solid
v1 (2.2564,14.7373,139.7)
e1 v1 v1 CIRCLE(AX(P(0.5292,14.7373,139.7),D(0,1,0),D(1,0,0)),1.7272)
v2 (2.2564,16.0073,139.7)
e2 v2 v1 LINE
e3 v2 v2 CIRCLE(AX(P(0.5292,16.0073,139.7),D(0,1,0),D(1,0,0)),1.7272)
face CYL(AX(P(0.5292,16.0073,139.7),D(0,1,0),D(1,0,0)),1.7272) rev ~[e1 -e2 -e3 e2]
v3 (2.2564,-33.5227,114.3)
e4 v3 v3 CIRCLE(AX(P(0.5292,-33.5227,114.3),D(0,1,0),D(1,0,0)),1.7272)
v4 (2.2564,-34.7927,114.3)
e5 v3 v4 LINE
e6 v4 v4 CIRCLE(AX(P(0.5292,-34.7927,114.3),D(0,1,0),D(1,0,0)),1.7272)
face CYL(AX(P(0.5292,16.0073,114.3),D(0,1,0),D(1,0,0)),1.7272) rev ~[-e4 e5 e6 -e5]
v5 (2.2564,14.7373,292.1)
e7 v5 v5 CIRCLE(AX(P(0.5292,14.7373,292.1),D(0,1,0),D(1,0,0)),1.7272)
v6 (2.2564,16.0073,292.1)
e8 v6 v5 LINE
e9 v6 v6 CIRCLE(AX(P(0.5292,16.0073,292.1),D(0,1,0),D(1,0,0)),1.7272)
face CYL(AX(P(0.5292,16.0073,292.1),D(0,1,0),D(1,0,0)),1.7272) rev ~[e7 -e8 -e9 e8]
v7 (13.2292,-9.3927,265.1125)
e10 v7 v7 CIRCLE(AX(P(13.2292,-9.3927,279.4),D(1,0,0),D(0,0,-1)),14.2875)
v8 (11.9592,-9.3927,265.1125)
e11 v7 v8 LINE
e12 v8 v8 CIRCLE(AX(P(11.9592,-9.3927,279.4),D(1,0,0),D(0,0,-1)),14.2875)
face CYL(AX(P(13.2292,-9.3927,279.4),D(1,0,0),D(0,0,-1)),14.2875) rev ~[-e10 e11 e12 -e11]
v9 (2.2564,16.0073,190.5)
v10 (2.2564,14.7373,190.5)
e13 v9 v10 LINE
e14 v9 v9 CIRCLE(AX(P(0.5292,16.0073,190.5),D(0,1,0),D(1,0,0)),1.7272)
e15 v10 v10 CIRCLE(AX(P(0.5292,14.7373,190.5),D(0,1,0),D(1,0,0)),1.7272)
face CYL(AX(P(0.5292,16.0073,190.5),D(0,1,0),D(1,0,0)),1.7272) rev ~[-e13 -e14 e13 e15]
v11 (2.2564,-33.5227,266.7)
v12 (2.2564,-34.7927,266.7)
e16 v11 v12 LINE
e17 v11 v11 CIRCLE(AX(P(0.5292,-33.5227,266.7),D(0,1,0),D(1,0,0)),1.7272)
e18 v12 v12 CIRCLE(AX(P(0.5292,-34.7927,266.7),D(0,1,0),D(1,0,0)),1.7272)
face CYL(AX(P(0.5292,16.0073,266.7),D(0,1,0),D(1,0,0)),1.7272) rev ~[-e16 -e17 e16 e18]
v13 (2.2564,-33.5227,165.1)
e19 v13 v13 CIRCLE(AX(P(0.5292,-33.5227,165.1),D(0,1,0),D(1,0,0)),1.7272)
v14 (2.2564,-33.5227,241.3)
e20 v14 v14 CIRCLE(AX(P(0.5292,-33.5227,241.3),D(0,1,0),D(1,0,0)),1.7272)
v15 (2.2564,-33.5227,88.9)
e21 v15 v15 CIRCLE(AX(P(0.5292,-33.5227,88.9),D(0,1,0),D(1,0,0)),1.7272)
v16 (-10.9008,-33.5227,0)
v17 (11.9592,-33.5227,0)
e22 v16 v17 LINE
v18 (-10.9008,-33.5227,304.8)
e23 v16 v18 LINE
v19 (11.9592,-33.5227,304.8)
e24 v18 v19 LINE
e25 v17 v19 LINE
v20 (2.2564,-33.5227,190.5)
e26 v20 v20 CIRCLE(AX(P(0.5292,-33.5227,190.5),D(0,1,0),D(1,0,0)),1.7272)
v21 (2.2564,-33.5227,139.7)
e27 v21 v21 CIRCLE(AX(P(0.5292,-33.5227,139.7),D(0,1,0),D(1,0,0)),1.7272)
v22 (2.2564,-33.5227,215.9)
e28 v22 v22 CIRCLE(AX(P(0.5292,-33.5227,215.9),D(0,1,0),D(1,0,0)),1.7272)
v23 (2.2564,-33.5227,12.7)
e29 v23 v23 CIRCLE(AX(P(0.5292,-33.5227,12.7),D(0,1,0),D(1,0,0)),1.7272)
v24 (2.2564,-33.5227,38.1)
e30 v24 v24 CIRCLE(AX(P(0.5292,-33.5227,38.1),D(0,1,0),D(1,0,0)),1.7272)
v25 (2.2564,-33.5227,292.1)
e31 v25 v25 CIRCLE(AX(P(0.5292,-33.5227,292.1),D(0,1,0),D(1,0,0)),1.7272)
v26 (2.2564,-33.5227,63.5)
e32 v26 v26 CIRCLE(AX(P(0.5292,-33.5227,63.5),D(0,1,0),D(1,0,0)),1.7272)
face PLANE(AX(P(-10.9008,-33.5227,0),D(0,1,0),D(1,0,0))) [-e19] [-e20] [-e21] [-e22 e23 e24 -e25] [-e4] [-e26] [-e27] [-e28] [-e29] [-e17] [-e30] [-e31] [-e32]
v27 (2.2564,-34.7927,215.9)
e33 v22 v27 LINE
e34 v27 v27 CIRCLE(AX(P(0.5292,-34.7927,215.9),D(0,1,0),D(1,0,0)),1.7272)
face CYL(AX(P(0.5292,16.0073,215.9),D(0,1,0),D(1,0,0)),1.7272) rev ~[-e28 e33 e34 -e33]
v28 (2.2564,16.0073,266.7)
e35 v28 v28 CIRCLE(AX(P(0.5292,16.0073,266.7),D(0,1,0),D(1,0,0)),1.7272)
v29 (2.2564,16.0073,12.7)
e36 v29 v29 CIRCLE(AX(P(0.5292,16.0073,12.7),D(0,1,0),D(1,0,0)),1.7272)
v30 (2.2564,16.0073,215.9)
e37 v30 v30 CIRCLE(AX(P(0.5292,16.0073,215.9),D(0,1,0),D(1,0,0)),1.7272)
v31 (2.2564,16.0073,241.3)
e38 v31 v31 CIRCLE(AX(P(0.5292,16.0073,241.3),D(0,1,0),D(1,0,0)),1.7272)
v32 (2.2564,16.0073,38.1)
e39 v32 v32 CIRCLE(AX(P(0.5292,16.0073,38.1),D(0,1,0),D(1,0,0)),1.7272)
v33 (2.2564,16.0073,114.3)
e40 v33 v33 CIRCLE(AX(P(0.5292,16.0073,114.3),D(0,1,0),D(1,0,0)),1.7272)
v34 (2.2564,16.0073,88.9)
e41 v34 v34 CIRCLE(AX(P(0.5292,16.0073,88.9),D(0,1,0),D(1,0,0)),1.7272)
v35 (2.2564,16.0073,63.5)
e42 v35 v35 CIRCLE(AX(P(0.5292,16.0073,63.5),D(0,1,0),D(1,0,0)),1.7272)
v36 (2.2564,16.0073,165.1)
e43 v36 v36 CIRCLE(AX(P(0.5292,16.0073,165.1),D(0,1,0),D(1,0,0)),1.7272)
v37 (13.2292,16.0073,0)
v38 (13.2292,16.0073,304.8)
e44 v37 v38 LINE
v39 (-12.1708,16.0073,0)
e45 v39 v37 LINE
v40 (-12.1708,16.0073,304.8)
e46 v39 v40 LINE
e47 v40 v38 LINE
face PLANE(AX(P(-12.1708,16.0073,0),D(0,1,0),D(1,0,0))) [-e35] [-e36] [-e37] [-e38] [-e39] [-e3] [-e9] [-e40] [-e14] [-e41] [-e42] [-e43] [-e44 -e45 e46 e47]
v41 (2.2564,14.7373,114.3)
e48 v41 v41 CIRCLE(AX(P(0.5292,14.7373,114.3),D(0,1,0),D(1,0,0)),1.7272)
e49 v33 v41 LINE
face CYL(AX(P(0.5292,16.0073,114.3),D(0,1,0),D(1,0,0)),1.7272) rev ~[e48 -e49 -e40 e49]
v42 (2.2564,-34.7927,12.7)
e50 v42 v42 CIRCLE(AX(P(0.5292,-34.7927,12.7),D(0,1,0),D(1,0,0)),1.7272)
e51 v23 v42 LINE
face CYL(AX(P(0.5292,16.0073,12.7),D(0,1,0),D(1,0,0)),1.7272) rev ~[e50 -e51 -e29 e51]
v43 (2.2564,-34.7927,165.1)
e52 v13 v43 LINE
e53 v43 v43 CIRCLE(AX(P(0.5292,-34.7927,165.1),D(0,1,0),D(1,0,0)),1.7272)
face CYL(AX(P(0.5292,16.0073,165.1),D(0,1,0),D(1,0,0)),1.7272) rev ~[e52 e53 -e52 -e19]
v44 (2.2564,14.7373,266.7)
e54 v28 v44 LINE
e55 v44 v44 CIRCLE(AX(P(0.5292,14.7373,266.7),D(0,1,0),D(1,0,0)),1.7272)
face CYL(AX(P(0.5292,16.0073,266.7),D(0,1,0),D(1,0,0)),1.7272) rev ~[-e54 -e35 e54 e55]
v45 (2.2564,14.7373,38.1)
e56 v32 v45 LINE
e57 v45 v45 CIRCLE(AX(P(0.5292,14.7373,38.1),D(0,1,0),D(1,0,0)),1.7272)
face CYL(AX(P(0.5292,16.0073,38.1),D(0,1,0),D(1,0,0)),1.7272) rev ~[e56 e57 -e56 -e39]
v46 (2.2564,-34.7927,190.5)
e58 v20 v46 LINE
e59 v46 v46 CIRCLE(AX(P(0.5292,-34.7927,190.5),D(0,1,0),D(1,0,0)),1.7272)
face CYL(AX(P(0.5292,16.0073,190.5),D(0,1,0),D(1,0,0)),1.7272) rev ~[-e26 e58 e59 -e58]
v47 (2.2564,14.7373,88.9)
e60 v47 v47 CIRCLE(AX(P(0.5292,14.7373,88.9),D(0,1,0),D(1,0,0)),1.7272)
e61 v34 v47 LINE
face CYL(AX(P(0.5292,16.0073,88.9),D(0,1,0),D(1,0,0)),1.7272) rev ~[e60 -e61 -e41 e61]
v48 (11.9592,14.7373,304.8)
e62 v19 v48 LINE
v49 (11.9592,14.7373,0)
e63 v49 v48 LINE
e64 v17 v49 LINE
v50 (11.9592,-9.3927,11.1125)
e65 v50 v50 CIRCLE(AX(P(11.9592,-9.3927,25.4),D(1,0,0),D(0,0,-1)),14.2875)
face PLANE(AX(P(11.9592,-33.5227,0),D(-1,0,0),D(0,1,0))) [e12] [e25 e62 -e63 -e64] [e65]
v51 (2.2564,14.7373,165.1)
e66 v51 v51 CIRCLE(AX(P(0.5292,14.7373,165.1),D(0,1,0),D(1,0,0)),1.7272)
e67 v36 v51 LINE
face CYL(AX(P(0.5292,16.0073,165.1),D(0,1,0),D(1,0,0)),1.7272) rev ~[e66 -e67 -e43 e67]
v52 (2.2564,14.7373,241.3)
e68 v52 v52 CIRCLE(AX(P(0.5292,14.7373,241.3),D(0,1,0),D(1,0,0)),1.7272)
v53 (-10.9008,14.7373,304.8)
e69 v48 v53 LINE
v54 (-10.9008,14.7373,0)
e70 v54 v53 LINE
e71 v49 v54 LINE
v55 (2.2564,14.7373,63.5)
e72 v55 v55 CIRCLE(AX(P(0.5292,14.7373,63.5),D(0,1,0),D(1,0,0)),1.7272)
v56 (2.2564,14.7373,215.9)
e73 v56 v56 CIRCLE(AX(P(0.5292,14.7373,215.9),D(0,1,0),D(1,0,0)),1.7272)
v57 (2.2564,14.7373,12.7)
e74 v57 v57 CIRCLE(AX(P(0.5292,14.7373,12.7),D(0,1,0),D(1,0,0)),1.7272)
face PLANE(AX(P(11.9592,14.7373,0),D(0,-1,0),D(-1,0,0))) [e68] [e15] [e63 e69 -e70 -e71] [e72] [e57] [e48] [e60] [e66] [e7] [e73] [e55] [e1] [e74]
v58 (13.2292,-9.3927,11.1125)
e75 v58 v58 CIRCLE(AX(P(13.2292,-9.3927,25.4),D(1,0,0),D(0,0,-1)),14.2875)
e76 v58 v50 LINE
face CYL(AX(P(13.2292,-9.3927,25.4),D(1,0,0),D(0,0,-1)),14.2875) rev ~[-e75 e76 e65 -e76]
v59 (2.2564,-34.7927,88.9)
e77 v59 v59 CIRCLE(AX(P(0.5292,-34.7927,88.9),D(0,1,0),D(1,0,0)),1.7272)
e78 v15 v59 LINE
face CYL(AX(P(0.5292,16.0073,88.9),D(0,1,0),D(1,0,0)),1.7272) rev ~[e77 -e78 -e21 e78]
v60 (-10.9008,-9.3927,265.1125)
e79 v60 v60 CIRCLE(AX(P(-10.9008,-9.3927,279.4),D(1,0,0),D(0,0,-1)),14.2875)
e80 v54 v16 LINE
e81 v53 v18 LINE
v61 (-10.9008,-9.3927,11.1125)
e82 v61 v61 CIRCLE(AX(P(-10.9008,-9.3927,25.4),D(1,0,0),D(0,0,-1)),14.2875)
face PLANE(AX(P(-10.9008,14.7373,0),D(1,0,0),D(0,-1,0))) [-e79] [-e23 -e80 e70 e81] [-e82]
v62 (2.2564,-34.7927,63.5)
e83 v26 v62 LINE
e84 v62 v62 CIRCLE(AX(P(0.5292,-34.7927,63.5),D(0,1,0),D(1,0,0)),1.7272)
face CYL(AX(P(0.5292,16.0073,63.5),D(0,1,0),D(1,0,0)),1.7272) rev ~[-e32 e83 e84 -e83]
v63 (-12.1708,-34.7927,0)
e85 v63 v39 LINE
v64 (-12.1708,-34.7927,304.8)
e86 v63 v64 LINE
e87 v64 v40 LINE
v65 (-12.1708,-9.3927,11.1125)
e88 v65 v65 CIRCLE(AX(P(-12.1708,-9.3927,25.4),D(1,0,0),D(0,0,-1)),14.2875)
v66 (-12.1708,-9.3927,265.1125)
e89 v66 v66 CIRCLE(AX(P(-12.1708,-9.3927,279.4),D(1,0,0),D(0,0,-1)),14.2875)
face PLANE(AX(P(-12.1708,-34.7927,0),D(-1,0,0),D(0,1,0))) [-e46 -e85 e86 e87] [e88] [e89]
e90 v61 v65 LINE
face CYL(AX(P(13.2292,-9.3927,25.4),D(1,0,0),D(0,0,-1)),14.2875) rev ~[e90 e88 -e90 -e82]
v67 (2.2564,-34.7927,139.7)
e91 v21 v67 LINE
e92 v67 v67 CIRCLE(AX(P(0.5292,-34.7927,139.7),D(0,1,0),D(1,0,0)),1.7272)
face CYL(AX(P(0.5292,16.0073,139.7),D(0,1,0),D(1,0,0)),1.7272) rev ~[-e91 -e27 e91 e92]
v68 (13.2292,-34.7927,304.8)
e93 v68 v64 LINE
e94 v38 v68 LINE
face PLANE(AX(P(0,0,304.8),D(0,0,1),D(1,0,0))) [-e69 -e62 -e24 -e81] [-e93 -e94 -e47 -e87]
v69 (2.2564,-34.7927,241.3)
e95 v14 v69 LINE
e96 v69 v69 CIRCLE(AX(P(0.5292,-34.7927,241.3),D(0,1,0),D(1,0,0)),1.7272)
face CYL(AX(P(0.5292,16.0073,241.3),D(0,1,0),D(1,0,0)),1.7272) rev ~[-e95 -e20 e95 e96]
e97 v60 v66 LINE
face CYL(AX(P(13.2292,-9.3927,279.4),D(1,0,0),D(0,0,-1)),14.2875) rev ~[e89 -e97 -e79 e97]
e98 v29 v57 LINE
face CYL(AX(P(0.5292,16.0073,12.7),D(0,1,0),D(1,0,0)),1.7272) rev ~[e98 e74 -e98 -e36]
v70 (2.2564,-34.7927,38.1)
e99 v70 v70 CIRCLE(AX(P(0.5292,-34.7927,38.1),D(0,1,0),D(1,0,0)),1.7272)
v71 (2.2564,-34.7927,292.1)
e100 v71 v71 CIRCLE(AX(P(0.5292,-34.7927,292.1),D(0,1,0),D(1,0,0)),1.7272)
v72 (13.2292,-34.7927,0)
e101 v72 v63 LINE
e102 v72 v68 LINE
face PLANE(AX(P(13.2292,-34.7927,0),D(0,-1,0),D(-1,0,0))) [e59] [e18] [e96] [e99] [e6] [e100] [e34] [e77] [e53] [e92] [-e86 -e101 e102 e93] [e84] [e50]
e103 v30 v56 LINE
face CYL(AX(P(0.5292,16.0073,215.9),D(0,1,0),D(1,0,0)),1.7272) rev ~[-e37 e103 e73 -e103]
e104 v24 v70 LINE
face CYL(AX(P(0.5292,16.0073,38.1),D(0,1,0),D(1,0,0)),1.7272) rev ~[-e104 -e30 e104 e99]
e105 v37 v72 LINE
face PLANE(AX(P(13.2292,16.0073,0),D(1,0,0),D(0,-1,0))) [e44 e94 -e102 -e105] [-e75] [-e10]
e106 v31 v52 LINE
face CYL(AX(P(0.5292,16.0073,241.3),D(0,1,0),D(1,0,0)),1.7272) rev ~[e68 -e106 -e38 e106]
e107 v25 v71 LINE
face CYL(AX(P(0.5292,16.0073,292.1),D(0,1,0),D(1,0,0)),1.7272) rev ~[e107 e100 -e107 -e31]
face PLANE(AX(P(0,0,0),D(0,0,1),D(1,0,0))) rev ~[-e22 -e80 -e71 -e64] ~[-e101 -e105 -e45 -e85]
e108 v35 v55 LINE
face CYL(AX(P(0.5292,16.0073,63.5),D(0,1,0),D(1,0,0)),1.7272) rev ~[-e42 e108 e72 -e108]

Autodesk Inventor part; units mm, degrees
ref_plane "YZ Plane" through (0, 0, 0) normal (1, 0, 0) x (0, 1, 0)
ref_plane "XZ Plane" through (0, 0, 0) normal (0, 1, 0) x (-1, 0, 0)
ref_plane "XY Plane" through (0, 0, 0) normal (0, 0, 1) x (1, 0, 0)
sketch "Sketch1" plane through (0, 0, 0) normal (0, 0, 1) x (1, 0, 0)
  line L0 (-12.1708, 16.0073) -> (13.2292, 16.0073)
  line L1 (13.2292, 16.0073) -> (13.2292, -34.7927)
  line L2 (13.2292, -34.7927) -> (-12.1708, -34.7927)
  line L3 (-12.1708, -34.7927) -> (-12.1708, 16.0073)
  line L4 (11.9592, 14.7373) -> (-10.9008, 14.7373)
  line L5 (-10.9008, 14.7373) -> (-10.9008, -33.5227)
  line L6 (-10.9008, -33.5227) -> (11.9592, -33.5227)
  line L7 (11.9592, -33.5227) -> (11.9592, 14.7373)
  point P0 (0, 0)
  dimension "d0" = 25.4
  dimension "d1" = 50.8
  dimension "d2" = 1.27
extrude "Extrusion1" add sketch "Sketch1" along normal blind 304.8
sketch "Sketch2" plane through (-12.1708, 16.0073, 0) normal (0, 1, 0) x (1, 0, 0)
  circle A0 centre (12.7, -12.7) radius 1.7272
  line L0 (25.4, 0) -> (0, 0) projected
  line L1 (0, 0) -> (0, -304.8) projected
  point P0 (12.1708, 0)
  dimension "d5" = 3.4544
  dimension "d6" = 12.7
  dimension "d7" = 12.7
extrude "Extrusion2" cut sketch "Sketch2" against normal through all
pattern_linear "Rectangular Pattern1" count 12 spacing 25.4 along (0, 0, 1) of "Extrusion2"
sketch "Sketch5" plane through (13.2292, -34.7927, 0) normal (1, 0, 0) x (0, 0, -1)
  line L0 (-304.8, 50.8) -> (-304.8, 0) projected
  line L1 (-304.8, 25.4) -> (117.859, 25.4) construction
  circle A0 centre (-279.4, 25.4) radius 14.2875
  circle A1 centre (-25.4, 25.4) radius 14.2875
  point P0 (0, 34.7927)
  dimension "d26" = 28.575
  dimension "d27" = 254
  dimension "d28" = 25.4
extrude "Extrusion5" cut sketch "Sketch5" against normal through all
equation "\"d3\" = d13"
equation "\"d13\" = 304.8"
properties part number "VerseFrame 12in for BS"
